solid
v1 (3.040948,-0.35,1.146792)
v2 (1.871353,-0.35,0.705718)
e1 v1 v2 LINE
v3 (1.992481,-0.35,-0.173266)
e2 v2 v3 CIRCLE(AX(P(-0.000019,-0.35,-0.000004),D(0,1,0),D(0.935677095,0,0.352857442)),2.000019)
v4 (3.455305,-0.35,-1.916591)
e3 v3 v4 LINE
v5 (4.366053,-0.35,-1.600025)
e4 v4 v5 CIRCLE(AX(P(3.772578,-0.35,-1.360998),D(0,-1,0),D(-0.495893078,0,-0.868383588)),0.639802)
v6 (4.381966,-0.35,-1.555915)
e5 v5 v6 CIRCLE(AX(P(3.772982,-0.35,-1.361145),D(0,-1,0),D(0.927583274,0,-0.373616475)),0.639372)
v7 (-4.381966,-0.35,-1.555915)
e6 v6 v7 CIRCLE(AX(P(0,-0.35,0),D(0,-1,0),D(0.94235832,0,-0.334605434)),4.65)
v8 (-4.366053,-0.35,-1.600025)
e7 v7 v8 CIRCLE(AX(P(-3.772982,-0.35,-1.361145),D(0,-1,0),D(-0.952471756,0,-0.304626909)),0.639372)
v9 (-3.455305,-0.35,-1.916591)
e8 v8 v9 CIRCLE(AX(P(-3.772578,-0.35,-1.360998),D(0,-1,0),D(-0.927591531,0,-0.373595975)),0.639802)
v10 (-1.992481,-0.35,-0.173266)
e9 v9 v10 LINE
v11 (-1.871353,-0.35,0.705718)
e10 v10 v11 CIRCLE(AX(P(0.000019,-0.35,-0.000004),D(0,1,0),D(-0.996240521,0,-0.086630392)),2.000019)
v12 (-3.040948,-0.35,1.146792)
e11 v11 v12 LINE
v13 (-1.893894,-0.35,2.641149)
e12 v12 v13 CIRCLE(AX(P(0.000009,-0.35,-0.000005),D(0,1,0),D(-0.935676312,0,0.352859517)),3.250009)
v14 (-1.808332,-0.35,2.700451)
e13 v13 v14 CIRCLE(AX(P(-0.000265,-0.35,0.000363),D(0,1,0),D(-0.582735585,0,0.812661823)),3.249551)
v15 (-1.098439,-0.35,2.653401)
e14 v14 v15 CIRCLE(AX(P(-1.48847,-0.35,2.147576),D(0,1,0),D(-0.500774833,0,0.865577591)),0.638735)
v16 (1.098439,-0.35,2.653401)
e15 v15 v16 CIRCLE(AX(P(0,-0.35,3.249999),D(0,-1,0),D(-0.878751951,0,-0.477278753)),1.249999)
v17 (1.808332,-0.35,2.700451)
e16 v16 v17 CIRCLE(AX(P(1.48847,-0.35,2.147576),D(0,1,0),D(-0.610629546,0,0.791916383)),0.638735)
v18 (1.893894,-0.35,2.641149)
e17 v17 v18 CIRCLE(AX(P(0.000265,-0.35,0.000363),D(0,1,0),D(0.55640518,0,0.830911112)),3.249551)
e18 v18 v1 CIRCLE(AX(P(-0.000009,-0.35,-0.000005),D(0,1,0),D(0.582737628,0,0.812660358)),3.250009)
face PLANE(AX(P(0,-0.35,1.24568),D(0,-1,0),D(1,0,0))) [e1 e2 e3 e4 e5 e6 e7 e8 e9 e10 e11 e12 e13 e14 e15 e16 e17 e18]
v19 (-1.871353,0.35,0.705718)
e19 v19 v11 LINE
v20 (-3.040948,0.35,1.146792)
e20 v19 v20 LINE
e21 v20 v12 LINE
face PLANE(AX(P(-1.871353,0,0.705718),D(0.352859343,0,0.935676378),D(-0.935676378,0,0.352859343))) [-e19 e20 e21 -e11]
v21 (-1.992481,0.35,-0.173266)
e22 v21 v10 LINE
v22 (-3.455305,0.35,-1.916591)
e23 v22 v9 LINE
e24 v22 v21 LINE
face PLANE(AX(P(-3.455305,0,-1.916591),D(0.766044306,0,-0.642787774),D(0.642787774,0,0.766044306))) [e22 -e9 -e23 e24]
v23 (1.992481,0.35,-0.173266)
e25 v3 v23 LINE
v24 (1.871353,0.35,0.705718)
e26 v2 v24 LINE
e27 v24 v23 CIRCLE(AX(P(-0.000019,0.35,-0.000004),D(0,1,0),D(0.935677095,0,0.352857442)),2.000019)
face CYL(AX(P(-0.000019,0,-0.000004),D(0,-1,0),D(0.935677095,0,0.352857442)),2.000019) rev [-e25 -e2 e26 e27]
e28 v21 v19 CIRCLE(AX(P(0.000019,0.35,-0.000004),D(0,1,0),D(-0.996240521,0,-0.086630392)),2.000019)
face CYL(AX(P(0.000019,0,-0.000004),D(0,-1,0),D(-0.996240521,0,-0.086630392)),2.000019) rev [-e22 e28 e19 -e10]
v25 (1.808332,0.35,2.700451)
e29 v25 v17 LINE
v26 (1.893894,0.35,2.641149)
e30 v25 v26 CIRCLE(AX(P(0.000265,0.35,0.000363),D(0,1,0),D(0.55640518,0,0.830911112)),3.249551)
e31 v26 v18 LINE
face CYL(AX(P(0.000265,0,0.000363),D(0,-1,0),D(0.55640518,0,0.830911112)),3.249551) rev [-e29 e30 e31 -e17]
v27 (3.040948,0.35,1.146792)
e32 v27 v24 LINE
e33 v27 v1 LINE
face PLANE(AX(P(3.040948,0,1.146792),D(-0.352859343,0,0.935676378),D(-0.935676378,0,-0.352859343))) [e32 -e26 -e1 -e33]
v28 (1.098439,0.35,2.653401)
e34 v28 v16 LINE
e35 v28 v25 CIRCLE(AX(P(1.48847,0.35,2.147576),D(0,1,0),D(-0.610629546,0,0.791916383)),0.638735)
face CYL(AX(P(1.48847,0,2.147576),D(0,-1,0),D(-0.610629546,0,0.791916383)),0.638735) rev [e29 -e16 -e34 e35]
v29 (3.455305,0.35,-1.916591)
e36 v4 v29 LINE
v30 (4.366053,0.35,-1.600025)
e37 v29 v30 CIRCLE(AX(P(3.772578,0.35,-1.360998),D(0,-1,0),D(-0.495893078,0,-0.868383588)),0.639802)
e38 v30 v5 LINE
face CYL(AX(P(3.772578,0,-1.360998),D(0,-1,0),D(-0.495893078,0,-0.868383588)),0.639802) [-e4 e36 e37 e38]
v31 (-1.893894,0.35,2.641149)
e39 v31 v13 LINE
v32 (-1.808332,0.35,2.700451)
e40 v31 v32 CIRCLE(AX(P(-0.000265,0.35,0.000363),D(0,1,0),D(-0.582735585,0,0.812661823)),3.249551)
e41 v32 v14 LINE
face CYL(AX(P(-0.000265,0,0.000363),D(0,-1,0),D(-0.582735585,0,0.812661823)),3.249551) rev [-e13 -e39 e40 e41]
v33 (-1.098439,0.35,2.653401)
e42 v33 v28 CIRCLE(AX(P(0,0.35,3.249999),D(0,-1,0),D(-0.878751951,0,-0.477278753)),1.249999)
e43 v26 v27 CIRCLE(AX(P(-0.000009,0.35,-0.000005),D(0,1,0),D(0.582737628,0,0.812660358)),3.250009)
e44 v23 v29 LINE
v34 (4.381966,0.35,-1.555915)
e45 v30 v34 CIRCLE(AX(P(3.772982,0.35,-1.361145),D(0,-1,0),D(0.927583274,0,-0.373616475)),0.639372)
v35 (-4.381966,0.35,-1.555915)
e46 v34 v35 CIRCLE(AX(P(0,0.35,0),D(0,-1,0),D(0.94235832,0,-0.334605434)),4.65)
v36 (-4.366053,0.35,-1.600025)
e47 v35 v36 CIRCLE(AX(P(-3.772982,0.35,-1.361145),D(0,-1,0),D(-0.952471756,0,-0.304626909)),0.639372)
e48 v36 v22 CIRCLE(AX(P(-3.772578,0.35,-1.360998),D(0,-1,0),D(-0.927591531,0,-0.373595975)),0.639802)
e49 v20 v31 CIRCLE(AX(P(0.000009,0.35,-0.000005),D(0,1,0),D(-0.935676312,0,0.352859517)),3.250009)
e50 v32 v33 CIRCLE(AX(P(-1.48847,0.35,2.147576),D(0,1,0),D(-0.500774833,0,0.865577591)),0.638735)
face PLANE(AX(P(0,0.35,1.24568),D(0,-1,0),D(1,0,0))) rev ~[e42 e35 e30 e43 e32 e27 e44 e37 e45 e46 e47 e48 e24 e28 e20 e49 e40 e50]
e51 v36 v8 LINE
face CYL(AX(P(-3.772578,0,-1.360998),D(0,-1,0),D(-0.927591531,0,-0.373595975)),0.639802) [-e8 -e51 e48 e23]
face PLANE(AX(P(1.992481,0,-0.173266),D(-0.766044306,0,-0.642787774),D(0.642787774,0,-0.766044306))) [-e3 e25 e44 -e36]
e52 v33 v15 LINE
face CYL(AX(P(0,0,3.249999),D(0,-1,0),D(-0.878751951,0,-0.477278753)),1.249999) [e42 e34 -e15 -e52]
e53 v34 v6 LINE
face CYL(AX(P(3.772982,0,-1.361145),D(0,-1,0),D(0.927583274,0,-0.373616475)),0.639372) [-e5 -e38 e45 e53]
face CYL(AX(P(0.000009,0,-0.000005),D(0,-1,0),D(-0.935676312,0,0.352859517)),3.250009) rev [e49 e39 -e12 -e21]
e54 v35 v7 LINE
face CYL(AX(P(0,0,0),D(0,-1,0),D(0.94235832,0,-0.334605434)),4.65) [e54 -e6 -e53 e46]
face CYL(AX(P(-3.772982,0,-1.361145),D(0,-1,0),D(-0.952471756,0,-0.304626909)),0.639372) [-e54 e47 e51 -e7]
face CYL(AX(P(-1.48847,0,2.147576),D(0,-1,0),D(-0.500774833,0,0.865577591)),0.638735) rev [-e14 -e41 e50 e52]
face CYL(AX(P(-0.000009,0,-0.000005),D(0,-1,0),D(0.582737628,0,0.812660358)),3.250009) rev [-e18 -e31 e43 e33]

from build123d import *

# Parameters (mm, degrees)
F1_DEPTH = 0.35


with BuildPart() as f1:
    # F0 (on Front) → F1 (new body, symmetric)
    with BuildSketch(Plane.XZ):
        with BuildLine():
            ThreePointArc((3.455305, -1.916591), (3.982638, -1.965333), (4.366053, -1.600025))
            ThreePointArc((4.366053, -1.600025), (4.374065, -1.57799), (4.381966, -1.555915))
            ThreePointArc((4.381966, -1.555915), (0, 4.65), (-4.381966, -1.555915))
            ThreePointArc((-4.381966, -1.555915), (-4.374065, -1.57799), (-4.366053, -1.600025))
            ThreePointArc((-4.366053, -1.600025), (-3.982638, -1.965333), (-3.455305, -1.916591))
            Line((-3.455305, -1.916591), (-1.992481, -0.173266))
            ThreePointArc((-1.992481, -0.173266), (-1.981276, 0.273028), (-1.871353, 0.705718))
            Line((-1.871353, 0.705718), (-3.040948, 1.146792))
            ThreePointArc((-3.040948, 1.146792), (-2.578069, 1.978903), (-1.893894, 2.641149))
            ThreePointArc((-1.893894, 2.641149), (-1.852323, 2.672546), (-1.808332, 2.700451))
            ThreePointArc((-1.808332, 2.700451), (-1.446228, 2.784913), (-1.098439, 2.653401))
            ThreePointArc((-1.098439, 2.653401), (0, 2), (1.098439, 2.653401))
            ThreePointArc((1.098439, 2.653401), (1.446228, 2.784913), (1.808332, 2.700451))
            ThreePointArc((1.808332, 2.700451), (1.852323, 2.672546), (1.893894, 2.641149))
            ThreePointArc((1.893894, 2.641149), (2.578069, 1.978903), (3.040948, 1.146792))
            Line((3.040948, 1.146792), (1.871353, 0.705718))
            ThreePointArc((1.871353, 0.705718), (1.981276, 0.273028), (1.992481, -0.173266))
            Line((1.992481, -0.173266), (3.455305, -1.916591))
        make_face()
        with BuildLine():
            ThreePointArc((4.381966, -1.555915), (4.374065, -1.57799), (4.366053, -1.600025))
            ThreePointArc((4.366053, -1.600025), (4.374414, -1.578116), (4.381966, -1.555915))
        make_face()
        with BuildLine():
            ThreePointArc((-4.366053, -1.600025), (-4.374065, -1.57799), (-4.381966, -1.555915))
            ThreePointArc((-4.381966, -1.555915), (-4.374414, -1.578116), (-4.366053, -1.600025))
        make_face()
        with BuildLine():
            ThreePointArc((1.808332, 2.700451), (1.85135, 2.671143), (1.893894, 2.641149))
            ThreePointArc((1.893894, 2.641149), (1.852323, 2.672546), (1.808332, 2.700451))
        make_face()
        with BuildLine():
            ThreePointArc((-1.808332, 2.700451), (-1.852323, 2.672546), (-1.893894, 2.641149))
            ThreePointArc((-1.893894, 2.641149), (-1.85135, 2.671143), (-1.808332, 2.700451))
        make_face()
    extrude(amount=F1_DEPTH, both=True)


solid = f1.part
